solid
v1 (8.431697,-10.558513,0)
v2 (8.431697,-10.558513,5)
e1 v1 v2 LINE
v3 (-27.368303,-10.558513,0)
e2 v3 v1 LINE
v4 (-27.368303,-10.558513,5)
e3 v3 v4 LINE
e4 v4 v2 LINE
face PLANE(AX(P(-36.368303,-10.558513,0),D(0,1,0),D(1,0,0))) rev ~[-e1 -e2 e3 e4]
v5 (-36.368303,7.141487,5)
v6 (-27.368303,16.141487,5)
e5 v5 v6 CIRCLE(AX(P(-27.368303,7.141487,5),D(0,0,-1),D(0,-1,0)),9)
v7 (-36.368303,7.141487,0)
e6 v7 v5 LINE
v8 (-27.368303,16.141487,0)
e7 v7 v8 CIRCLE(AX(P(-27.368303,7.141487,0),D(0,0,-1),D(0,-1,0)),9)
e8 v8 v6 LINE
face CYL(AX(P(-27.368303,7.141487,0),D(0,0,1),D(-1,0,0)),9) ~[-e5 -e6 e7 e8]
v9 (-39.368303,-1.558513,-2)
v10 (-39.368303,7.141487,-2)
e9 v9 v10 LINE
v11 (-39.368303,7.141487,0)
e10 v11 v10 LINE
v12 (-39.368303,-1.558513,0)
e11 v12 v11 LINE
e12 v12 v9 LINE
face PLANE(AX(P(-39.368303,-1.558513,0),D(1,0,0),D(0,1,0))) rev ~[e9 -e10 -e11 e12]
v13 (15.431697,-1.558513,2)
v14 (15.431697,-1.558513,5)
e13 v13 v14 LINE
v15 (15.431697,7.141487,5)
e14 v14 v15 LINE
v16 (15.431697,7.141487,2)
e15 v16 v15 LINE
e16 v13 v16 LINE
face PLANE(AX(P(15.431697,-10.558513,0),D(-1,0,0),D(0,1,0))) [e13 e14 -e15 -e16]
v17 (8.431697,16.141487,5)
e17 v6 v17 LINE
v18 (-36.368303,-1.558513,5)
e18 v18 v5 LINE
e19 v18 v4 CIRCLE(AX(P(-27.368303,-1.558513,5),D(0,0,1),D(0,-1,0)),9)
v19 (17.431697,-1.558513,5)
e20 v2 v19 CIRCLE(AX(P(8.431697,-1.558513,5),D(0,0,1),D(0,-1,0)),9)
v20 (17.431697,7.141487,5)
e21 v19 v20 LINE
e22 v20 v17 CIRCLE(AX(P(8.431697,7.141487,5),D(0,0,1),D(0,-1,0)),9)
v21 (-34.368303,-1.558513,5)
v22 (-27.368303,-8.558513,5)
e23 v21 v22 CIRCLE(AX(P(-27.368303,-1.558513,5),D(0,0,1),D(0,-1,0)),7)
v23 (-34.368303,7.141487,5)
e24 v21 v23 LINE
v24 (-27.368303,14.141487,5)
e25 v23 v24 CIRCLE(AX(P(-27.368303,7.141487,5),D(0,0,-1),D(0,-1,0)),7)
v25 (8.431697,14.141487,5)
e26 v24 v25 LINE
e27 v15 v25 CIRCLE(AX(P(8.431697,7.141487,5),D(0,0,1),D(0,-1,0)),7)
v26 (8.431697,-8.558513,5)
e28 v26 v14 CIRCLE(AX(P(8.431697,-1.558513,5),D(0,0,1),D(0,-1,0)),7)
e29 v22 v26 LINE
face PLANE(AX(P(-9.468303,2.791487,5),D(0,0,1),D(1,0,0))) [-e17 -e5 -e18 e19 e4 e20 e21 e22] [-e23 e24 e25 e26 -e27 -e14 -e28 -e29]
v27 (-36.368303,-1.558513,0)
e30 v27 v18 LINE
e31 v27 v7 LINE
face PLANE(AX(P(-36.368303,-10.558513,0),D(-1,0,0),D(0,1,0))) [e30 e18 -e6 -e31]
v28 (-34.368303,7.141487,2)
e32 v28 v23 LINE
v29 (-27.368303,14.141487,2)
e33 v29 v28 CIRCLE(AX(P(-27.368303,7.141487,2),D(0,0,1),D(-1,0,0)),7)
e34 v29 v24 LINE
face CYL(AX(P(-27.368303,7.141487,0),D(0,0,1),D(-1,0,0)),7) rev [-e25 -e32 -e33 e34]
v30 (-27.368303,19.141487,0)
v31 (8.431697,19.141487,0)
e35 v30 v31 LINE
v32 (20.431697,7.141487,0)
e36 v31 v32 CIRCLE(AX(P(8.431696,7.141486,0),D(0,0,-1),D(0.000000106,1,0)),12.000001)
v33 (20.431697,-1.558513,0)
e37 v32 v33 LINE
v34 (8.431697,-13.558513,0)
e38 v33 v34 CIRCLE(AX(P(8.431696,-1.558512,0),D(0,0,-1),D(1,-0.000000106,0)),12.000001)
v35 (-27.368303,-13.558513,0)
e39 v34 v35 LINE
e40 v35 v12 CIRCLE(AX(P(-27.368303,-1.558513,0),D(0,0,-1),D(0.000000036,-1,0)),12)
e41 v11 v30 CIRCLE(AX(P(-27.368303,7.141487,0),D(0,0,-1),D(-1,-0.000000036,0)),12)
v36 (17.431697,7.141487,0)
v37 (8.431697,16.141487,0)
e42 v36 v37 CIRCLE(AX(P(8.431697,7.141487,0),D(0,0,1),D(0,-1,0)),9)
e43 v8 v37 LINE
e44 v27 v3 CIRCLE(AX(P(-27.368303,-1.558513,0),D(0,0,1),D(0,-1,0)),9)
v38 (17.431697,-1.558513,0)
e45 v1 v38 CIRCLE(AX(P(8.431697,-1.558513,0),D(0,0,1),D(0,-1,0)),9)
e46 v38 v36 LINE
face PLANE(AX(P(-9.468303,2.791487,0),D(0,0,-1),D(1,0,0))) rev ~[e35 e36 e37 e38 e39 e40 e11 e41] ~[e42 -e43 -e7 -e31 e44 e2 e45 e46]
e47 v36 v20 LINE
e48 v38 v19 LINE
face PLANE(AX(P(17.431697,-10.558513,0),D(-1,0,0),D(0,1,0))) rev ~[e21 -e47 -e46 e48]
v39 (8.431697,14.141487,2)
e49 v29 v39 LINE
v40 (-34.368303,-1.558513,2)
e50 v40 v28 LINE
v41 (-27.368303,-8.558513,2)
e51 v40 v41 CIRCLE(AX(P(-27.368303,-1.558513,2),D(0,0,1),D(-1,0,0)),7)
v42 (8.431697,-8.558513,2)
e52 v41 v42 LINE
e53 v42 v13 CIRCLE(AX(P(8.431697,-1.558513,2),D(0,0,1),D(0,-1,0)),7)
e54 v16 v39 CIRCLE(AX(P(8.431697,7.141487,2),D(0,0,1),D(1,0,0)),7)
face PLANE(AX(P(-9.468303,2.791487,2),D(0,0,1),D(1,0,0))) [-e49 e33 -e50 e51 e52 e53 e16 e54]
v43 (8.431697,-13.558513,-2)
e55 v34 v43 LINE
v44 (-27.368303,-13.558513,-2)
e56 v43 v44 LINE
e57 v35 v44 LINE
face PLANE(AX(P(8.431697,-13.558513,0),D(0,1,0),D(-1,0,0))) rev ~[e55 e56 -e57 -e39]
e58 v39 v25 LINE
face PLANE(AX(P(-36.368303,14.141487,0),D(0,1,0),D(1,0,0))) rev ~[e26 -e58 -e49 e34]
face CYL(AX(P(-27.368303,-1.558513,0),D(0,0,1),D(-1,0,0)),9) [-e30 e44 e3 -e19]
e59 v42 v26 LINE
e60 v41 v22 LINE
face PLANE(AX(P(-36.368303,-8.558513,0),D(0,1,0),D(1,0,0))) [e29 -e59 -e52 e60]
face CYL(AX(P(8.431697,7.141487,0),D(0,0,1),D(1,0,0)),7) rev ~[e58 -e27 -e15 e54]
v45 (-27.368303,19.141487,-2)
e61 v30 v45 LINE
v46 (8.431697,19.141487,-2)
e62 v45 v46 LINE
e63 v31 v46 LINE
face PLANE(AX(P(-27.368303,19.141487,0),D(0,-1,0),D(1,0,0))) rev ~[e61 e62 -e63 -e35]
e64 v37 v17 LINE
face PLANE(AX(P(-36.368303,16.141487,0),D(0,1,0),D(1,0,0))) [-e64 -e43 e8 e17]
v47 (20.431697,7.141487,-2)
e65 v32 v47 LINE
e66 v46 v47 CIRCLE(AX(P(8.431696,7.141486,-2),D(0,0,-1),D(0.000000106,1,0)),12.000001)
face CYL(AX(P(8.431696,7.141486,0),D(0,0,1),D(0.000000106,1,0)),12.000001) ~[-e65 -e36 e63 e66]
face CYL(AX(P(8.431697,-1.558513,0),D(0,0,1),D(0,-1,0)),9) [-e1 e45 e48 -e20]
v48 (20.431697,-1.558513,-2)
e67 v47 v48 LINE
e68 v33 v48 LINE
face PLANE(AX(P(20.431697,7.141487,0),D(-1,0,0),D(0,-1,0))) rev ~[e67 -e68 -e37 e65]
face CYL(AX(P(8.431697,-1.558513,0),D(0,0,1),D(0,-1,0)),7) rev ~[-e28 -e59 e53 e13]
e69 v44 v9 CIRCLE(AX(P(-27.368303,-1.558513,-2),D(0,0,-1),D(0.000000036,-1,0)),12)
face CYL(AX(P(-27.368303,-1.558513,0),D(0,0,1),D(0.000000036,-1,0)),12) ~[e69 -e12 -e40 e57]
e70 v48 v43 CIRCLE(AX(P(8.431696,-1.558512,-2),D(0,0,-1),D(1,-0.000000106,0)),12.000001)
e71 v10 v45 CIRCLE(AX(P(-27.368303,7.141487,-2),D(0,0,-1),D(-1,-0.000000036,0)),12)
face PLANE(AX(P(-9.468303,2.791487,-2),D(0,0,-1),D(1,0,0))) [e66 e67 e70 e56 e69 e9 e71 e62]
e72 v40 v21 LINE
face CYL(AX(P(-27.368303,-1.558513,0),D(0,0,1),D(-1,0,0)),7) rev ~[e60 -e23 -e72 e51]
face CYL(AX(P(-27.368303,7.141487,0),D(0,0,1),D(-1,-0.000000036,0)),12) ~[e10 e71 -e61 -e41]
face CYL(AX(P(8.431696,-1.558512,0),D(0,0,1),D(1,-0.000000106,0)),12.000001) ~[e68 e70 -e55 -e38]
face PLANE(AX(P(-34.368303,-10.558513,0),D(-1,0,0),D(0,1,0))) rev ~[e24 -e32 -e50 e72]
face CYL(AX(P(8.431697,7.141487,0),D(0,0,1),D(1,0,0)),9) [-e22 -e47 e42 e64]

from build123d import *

# Parameters (mm, degrees)
F0_W     = 53.8
F0_H     = 26.7
F1_DEPTH = 5
F2_R     = 9
F3_T     = -2
F5_DEPTH = 2


with BuildPart() as f1:
    # F0 (on Top) → F1 (new body)
    with BuildSketch(Plane.XY):
        with Locations((-9.468303, 2.791487)):
            Rectangle(F0_W, F0_H)
    extrude(amount=F1_DEPTH)

    # F2
    f2_edges = [f1.edges().sort_by_distance(p)[0] for p in [
        (-36.368303, 16.141487, 2.5),
        (17.431697, 16.141487, 2.5),
        (17.431697, -10.558513, 2.5),
        (-36.368303, -10.558513, 2.5),
    ]]
    fillet(f2_edges, radius=F2_R)

    # F3
    f3_openings = [f1.faces().sort_by_distance(p)[0] for p in [
        (-9.468303, 2.791487, 5),
    ]]
    offset(amount=F3_T, openings=f3_openings)

    # F4 (on face) → F5 (join)
    with BuildSketch(Plane(origin=(0, 0, 0), x_dir=(1, 0, 0), z_dir=(0, 0, -1))):
        with BuildLine():
            Line((20.431697, -7.141487), (20.431697, 1.558513))
            ThreePointArc((20.431697, 1.558513), (16.916978, 10.043794), (8.431697, 13.558513))
            Line((8.431697, 13.558513), (-27.368303, 13.558513))
            ThreePointArc((-27.368303, 13.558513), (-35.853585, 10.043794), (-39.368303, 1.558513))
            Line((-39.368303, 1.558513), (-39.368303, -7.141487))
            ThreePointArc((-39.368303, -7.141487), (-35.853585, -15.626768), (-27.368303, -19.141487))
            Line((-27.368303, -19.141487), (8.431697, -19.141487))
            ThreePointArc((8.431697, -19.141487), (16.916978, -15.626768), (20.431697, -7.141487))
        make_face()
        with BuildLine():
            Line((17.431697, 1.558513), (17.431697, -7.141487))
            ThreePointArc((17.431697, -7.141487), (14.795658, -13.505448), (8.431697, -16.141487))
            Line((8.431697, -16.141487), (-27.368303, -16.141487))
            ThreePointArc((-27.368303, -16.141487), (-33.732264, -13.505448), (-36.368303, -7.141487))
            Line((-36.368303, -7.141487), (-36.368303, 1.558513))
            ThreePointArc((-36.368303, 1.558513), (-33.732264, 7.922474), (-27.368303, 10.558513))
            Line((-27.368303, 10.558513), (8.431697, 10.558513))
            ThreePointArc((8.431697, 10.558513), (14.795658, 7.922474), (17.431697, 1.558513))
        make_face(mode=Mode.SUBTRACT)
        with BuildLine():
            ThreePointArc((8.431697, -16.141487), (14.795658, -13.505448), (17.431697, -7.141487))
            Line((17.431697, -7.141487), (17.431697, 1.558513))
            ThreePointArc((17.431697, 1.558513), (14.795658, 7.922474), (8.431697, 10.558513))
            Line((8.431697, 10.558513), (-27.368303, 10.558513))
            ThreePointArc((-27.368303, 10.558513), (-33.732264, 7.922474), (-36.368303, 1.558513))
            Line((-36.368303, 1.558513), (-36.368303, -7.141487))
            ThreePointArc((-36.368303, -7.141487), (-33.732264, -13.505448), (-27.368303, -16.141487))
            Line((-27.368303, -16.141487), (8.431697, -16.141487))
        make_face()
    extrude(amount=F5_DEPTH)


solid = f1.part
